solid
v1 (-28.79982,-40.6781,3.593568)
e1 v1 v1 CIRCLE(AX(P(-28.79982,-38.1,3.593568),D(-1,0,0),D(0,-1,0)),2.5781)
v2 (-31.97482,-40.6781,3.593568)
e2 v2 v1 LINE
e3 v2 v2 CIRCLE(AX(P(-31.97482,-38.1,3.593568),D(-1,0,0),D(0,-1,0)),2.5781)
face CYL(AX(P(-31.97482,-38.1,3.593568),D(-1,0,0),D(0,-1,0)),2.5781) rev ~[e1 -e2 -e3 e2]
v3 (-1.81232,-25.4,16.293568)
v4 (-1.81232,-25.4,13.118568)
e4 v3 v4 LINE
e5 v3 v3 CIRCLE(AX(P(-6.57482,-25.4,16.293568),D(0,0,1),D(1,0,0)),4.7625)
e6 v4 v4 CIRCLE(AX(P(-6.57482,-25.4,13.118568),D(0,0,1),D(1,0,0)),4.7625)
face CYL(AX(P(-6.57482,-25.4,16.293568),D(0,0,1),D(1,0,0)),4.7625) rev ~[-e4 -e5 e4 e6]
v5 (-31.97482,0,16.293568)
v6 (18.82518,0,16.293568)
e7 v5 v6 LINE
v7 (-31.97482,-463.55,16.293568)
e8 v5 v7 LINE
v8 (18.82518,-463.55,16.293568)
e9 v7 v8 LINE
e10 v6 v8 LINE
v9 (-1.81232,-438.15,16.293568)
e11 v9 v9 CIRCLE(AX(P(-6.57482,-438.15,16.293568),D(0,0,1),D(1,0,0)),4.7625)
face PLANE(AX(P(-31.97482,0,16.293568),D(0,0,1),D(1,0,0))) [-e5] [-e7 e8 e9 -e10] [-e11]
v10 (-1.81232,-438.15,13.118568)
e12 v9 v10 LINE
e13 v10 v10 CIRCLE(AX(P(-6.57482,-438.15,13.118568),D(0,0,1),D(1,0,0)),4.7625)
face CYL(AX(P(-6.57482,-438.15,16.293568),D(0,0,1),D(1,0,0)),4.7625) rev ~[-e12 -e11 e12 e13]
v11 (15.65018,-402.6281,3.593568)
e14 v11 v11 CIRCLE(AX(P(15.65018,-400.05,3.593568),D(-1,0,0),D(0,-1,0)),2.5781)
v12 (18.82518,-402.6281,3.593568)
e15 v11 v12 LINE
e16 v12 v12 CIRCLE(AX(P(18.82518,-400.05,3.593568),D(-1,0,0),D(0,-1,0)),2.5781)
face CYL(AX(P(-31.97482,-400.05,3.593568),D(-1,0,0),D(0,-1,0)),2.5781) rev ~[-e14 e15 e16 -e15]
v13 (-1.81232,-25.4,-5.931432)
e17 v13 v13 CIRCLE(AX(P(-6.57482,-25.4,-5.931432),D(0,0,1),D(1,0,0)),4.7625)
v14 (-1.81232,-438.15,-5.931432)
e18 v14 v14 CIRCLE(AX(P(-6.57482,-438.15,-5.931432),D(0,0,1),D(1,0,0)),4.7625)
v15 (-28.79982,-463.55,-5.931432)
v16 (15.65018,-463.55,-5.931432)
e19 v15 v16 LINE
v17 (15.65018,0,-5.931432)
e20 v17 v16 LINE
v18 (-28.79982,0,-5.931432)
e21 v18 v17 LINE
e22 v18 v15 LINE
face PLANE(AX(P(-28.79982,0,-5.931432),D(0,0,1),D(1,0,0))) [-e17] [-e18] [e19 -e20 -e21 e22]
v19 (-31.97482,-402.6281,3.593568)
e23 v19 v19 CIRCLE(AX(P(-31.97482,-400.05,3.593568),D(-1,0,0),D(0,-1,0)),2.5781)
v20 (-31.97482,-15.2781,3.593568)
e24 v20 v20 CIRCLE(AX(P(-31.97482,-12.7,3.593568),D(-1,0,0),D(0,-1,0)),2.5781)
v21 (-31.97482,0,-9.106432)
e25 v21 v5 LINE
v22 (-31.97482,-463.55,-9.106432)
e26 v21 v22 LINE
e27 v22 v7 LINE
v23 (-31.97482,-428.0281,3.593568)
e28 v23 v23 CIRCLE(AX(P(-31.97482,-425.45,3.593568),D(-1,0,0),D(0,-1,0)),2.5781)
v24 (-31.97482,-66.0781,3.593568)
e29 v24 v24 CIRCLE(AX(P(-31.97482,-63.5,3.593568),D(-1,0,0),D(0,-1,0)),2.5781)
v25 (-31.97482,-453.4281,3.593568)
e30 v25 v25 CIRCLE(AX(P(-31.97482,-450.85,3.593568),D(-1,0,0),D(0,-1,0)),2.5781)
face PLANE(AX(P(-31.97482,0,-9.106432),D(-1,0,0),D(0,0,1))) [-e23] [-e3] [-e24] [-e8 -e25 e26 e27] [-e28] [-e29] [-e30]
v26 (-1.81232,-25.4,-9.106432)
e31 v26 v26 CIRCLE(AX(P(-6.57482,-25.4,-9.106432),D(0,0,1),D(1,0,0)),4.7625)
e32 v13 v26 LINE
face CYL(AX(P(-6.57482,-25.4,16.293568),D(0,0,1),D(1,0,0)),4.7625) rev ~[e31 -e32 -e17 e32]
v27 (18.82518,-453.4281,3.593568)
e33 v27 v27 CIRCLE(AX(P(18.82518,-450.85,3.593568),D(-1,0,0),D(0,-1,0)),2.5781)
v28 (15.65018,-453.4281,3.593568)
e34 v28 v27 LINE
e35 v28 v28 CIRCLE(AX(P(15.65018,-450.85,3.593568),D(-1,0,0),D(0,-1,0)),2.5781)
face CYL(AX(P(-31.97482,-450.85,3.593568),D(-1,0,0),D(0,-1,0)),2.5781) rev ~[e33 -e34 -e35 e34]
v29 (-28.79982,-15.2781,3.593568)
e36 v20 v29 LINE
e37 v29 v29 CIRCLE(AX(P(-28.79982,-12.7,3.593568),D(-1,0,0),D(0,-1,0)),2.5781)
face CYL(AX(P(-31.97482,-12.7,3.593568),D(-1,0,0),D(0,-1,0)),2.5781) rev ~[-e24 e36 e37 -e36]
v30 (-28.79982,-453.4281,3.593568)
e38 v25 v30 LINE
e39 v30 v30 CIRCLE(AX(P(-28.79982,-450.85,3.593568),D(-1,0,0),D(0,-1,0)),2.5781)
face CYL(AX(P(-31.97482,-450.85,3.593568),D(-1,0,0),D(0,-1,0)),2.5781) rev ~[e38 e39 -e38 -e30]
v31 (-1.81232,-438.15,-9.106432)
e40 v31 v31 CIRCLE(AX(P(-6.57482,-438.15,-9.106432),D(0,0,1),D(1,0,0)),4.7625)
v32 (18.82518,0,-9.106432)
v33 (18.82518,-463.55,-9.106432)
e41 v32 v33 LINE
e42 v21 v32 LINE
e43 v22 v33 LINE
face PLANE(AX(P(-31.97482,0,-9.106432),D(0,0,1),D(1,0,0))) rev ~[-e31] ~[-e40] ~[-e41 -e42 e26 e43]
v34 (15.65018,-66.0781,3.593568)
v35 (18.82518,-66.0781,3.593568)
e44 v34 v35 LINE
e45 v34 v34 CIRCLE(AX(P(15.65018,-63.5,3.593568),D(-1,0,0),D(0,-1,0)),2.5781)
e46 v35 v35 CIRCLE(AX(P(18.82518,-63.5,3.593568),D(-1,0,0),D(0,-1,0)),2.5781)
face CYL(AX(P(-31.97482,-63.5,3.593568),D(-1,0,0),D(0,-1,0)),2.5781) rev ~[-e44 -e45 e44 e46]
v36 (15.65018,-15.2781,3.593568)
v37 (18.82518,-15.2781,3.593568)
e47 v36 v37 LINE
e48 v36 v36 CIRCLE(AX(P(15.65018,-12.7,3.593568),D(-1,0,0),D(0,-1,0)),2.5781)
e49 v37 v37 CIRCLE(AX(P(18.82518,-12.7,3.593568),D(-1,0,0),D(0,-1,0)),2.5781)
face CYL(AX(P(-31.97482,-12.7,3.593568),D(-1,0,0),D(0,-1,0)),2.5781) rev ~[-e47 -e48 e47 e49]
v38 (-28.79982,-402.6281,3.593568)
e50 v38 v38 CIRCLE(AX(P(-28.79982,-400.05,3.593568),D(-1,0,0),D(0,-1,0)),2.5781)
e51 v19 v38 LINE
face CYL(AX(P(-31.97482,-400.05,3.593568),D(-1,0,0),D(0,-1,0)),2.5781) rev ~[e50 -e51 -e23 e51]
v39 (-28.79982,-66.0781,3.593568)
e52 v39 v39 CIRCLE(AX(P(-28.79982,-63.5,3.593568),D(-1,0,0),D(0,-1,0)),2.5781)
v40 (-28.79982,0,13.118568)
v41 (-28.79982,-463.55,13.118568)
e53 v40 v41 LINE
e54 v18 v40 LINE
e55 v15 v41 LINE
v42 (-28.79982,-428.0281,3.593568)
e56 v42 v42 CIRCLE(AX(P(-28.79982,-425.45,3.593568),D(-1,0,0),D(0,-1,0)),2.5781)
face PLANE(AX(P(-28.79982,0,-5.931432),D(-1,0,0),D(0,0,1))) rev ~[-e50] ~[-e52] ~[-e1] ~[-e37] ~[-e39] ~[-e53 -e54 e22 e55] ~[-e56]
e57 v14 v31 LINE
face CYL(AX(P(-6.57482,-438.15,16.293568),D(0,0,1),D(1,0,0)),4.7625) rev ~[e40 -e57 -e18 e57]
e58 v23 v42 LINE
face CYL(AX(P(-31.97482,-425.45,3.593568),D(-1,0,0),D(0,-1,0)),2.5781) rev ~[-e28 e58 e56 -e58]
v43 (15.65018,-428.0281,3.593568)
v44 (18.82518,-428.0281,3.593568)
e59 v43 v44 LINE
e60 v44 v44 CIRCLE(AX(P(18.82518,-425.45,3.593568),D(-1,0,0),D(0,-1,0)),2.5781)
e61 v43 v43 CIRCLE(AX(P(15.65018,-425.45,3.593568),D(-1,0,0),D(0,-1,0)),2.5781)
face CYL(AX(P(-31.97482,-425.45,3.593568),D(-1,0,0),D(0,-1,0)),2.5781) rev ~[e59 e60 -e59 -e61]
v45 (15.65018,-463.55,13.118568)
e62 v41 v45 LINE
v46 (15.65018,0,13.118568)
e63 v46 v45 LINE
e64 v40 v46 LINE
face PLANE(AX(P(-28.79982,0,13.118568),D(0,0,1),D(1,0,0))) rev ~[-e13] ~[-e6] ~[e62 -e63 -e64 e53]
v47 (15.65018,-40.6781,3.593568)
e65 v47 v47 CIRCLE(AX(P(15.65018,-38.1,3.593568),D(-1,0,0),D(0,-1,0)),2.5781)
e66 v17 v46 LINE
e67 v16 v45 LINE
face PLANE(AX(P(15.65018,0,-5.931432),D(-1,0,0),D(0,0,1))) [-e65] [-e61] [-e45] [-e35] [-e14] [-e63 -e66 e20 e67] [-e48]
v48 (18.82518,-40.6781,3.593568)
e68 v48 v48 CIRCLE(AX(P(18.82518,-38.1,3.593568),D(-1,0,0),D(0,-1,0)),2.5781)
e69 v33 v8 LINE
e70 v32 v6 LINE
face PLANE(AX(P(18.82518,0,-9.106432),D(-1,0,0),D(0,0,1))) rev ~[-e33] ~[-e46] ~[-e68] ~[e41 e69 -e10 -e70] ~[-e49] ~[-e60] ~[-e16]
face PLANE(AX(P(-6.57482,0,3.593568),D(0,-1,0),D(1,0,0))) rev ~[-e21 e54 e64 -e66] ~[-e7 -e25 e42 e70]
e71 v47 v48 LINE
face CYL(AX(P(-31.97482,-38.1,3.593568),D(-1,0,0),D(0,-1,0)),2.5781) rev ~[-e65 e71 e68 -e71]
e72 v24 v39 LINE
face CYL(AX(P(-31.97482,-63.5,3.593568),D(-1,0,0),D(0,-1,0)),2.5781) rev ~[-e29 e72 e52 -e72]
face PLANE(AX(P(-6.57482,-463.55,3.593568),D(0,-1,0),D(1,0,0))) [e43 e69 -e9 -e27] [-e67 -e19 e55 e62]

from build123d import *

# Parameters (mm, degrees)
F0_W     = 50.8
F0_H     = 25.4
F0_W_2   = 44.45
F0_H_2   = 19.05
F1_DEPTH = 463.55
F2_R     = 2.5781
F3_DEPTH = 50.801
F4_R     = 4.7625
F5_DEPTH = 25.401


with BuildPart() as f1:
    # F0 (on Front) → F1 (new body)
    with BuildSketch(Plane.XZ):
        with Locations((-6.57482, 3.593568)):
            Rectangle(F0_W, F0_H)
        with Locations((-6.57482, 3.593568)):
            Rectangle(F0_W_2, F0_H_2, mode=Mode.SUBTRACT)
    extrude(amount=F1_DEPTH)

    # F2 (on face) → F3 (cut, through all)
    with BuildSketch(Plane(origin=(-31.97482, 0, 0), x_dir=(0, -1, 0), z_dir=(-1, 0, 0))):
        with Locations((12.7, 3.593568)):
            Circle(F2_R)
        with Locations((38.1, 3.593568)):
            Circle(F2_R)
        with Locations((63.5, 3.593568)):
            Circle(F2_R)
        with Locations((400.05, 3.593568)):
            Circle(F2_R)
        with Locations((425.45, 3.593568)):
            Circle(F2_R)
        with Locations((450.85, 3.593568)):
            Circle(F2_R)
    extrude(amount=-F3_DEPTH, mode=Mode.SUBTRACT)

    # F4 (on face) → F5 (cut, through all)
    with BuildSketch(Plane.XY.offset(16.293568)):
        with Locations((-6.57482, -438.15)):
            Circle(F4_R)
        with Locations((-6.57482, -25.4)):
            Circle(F4_R)
    extrude(amount=-F5_DEPTH, mode=Mode.SUBTRACT)


solid = f1.part
